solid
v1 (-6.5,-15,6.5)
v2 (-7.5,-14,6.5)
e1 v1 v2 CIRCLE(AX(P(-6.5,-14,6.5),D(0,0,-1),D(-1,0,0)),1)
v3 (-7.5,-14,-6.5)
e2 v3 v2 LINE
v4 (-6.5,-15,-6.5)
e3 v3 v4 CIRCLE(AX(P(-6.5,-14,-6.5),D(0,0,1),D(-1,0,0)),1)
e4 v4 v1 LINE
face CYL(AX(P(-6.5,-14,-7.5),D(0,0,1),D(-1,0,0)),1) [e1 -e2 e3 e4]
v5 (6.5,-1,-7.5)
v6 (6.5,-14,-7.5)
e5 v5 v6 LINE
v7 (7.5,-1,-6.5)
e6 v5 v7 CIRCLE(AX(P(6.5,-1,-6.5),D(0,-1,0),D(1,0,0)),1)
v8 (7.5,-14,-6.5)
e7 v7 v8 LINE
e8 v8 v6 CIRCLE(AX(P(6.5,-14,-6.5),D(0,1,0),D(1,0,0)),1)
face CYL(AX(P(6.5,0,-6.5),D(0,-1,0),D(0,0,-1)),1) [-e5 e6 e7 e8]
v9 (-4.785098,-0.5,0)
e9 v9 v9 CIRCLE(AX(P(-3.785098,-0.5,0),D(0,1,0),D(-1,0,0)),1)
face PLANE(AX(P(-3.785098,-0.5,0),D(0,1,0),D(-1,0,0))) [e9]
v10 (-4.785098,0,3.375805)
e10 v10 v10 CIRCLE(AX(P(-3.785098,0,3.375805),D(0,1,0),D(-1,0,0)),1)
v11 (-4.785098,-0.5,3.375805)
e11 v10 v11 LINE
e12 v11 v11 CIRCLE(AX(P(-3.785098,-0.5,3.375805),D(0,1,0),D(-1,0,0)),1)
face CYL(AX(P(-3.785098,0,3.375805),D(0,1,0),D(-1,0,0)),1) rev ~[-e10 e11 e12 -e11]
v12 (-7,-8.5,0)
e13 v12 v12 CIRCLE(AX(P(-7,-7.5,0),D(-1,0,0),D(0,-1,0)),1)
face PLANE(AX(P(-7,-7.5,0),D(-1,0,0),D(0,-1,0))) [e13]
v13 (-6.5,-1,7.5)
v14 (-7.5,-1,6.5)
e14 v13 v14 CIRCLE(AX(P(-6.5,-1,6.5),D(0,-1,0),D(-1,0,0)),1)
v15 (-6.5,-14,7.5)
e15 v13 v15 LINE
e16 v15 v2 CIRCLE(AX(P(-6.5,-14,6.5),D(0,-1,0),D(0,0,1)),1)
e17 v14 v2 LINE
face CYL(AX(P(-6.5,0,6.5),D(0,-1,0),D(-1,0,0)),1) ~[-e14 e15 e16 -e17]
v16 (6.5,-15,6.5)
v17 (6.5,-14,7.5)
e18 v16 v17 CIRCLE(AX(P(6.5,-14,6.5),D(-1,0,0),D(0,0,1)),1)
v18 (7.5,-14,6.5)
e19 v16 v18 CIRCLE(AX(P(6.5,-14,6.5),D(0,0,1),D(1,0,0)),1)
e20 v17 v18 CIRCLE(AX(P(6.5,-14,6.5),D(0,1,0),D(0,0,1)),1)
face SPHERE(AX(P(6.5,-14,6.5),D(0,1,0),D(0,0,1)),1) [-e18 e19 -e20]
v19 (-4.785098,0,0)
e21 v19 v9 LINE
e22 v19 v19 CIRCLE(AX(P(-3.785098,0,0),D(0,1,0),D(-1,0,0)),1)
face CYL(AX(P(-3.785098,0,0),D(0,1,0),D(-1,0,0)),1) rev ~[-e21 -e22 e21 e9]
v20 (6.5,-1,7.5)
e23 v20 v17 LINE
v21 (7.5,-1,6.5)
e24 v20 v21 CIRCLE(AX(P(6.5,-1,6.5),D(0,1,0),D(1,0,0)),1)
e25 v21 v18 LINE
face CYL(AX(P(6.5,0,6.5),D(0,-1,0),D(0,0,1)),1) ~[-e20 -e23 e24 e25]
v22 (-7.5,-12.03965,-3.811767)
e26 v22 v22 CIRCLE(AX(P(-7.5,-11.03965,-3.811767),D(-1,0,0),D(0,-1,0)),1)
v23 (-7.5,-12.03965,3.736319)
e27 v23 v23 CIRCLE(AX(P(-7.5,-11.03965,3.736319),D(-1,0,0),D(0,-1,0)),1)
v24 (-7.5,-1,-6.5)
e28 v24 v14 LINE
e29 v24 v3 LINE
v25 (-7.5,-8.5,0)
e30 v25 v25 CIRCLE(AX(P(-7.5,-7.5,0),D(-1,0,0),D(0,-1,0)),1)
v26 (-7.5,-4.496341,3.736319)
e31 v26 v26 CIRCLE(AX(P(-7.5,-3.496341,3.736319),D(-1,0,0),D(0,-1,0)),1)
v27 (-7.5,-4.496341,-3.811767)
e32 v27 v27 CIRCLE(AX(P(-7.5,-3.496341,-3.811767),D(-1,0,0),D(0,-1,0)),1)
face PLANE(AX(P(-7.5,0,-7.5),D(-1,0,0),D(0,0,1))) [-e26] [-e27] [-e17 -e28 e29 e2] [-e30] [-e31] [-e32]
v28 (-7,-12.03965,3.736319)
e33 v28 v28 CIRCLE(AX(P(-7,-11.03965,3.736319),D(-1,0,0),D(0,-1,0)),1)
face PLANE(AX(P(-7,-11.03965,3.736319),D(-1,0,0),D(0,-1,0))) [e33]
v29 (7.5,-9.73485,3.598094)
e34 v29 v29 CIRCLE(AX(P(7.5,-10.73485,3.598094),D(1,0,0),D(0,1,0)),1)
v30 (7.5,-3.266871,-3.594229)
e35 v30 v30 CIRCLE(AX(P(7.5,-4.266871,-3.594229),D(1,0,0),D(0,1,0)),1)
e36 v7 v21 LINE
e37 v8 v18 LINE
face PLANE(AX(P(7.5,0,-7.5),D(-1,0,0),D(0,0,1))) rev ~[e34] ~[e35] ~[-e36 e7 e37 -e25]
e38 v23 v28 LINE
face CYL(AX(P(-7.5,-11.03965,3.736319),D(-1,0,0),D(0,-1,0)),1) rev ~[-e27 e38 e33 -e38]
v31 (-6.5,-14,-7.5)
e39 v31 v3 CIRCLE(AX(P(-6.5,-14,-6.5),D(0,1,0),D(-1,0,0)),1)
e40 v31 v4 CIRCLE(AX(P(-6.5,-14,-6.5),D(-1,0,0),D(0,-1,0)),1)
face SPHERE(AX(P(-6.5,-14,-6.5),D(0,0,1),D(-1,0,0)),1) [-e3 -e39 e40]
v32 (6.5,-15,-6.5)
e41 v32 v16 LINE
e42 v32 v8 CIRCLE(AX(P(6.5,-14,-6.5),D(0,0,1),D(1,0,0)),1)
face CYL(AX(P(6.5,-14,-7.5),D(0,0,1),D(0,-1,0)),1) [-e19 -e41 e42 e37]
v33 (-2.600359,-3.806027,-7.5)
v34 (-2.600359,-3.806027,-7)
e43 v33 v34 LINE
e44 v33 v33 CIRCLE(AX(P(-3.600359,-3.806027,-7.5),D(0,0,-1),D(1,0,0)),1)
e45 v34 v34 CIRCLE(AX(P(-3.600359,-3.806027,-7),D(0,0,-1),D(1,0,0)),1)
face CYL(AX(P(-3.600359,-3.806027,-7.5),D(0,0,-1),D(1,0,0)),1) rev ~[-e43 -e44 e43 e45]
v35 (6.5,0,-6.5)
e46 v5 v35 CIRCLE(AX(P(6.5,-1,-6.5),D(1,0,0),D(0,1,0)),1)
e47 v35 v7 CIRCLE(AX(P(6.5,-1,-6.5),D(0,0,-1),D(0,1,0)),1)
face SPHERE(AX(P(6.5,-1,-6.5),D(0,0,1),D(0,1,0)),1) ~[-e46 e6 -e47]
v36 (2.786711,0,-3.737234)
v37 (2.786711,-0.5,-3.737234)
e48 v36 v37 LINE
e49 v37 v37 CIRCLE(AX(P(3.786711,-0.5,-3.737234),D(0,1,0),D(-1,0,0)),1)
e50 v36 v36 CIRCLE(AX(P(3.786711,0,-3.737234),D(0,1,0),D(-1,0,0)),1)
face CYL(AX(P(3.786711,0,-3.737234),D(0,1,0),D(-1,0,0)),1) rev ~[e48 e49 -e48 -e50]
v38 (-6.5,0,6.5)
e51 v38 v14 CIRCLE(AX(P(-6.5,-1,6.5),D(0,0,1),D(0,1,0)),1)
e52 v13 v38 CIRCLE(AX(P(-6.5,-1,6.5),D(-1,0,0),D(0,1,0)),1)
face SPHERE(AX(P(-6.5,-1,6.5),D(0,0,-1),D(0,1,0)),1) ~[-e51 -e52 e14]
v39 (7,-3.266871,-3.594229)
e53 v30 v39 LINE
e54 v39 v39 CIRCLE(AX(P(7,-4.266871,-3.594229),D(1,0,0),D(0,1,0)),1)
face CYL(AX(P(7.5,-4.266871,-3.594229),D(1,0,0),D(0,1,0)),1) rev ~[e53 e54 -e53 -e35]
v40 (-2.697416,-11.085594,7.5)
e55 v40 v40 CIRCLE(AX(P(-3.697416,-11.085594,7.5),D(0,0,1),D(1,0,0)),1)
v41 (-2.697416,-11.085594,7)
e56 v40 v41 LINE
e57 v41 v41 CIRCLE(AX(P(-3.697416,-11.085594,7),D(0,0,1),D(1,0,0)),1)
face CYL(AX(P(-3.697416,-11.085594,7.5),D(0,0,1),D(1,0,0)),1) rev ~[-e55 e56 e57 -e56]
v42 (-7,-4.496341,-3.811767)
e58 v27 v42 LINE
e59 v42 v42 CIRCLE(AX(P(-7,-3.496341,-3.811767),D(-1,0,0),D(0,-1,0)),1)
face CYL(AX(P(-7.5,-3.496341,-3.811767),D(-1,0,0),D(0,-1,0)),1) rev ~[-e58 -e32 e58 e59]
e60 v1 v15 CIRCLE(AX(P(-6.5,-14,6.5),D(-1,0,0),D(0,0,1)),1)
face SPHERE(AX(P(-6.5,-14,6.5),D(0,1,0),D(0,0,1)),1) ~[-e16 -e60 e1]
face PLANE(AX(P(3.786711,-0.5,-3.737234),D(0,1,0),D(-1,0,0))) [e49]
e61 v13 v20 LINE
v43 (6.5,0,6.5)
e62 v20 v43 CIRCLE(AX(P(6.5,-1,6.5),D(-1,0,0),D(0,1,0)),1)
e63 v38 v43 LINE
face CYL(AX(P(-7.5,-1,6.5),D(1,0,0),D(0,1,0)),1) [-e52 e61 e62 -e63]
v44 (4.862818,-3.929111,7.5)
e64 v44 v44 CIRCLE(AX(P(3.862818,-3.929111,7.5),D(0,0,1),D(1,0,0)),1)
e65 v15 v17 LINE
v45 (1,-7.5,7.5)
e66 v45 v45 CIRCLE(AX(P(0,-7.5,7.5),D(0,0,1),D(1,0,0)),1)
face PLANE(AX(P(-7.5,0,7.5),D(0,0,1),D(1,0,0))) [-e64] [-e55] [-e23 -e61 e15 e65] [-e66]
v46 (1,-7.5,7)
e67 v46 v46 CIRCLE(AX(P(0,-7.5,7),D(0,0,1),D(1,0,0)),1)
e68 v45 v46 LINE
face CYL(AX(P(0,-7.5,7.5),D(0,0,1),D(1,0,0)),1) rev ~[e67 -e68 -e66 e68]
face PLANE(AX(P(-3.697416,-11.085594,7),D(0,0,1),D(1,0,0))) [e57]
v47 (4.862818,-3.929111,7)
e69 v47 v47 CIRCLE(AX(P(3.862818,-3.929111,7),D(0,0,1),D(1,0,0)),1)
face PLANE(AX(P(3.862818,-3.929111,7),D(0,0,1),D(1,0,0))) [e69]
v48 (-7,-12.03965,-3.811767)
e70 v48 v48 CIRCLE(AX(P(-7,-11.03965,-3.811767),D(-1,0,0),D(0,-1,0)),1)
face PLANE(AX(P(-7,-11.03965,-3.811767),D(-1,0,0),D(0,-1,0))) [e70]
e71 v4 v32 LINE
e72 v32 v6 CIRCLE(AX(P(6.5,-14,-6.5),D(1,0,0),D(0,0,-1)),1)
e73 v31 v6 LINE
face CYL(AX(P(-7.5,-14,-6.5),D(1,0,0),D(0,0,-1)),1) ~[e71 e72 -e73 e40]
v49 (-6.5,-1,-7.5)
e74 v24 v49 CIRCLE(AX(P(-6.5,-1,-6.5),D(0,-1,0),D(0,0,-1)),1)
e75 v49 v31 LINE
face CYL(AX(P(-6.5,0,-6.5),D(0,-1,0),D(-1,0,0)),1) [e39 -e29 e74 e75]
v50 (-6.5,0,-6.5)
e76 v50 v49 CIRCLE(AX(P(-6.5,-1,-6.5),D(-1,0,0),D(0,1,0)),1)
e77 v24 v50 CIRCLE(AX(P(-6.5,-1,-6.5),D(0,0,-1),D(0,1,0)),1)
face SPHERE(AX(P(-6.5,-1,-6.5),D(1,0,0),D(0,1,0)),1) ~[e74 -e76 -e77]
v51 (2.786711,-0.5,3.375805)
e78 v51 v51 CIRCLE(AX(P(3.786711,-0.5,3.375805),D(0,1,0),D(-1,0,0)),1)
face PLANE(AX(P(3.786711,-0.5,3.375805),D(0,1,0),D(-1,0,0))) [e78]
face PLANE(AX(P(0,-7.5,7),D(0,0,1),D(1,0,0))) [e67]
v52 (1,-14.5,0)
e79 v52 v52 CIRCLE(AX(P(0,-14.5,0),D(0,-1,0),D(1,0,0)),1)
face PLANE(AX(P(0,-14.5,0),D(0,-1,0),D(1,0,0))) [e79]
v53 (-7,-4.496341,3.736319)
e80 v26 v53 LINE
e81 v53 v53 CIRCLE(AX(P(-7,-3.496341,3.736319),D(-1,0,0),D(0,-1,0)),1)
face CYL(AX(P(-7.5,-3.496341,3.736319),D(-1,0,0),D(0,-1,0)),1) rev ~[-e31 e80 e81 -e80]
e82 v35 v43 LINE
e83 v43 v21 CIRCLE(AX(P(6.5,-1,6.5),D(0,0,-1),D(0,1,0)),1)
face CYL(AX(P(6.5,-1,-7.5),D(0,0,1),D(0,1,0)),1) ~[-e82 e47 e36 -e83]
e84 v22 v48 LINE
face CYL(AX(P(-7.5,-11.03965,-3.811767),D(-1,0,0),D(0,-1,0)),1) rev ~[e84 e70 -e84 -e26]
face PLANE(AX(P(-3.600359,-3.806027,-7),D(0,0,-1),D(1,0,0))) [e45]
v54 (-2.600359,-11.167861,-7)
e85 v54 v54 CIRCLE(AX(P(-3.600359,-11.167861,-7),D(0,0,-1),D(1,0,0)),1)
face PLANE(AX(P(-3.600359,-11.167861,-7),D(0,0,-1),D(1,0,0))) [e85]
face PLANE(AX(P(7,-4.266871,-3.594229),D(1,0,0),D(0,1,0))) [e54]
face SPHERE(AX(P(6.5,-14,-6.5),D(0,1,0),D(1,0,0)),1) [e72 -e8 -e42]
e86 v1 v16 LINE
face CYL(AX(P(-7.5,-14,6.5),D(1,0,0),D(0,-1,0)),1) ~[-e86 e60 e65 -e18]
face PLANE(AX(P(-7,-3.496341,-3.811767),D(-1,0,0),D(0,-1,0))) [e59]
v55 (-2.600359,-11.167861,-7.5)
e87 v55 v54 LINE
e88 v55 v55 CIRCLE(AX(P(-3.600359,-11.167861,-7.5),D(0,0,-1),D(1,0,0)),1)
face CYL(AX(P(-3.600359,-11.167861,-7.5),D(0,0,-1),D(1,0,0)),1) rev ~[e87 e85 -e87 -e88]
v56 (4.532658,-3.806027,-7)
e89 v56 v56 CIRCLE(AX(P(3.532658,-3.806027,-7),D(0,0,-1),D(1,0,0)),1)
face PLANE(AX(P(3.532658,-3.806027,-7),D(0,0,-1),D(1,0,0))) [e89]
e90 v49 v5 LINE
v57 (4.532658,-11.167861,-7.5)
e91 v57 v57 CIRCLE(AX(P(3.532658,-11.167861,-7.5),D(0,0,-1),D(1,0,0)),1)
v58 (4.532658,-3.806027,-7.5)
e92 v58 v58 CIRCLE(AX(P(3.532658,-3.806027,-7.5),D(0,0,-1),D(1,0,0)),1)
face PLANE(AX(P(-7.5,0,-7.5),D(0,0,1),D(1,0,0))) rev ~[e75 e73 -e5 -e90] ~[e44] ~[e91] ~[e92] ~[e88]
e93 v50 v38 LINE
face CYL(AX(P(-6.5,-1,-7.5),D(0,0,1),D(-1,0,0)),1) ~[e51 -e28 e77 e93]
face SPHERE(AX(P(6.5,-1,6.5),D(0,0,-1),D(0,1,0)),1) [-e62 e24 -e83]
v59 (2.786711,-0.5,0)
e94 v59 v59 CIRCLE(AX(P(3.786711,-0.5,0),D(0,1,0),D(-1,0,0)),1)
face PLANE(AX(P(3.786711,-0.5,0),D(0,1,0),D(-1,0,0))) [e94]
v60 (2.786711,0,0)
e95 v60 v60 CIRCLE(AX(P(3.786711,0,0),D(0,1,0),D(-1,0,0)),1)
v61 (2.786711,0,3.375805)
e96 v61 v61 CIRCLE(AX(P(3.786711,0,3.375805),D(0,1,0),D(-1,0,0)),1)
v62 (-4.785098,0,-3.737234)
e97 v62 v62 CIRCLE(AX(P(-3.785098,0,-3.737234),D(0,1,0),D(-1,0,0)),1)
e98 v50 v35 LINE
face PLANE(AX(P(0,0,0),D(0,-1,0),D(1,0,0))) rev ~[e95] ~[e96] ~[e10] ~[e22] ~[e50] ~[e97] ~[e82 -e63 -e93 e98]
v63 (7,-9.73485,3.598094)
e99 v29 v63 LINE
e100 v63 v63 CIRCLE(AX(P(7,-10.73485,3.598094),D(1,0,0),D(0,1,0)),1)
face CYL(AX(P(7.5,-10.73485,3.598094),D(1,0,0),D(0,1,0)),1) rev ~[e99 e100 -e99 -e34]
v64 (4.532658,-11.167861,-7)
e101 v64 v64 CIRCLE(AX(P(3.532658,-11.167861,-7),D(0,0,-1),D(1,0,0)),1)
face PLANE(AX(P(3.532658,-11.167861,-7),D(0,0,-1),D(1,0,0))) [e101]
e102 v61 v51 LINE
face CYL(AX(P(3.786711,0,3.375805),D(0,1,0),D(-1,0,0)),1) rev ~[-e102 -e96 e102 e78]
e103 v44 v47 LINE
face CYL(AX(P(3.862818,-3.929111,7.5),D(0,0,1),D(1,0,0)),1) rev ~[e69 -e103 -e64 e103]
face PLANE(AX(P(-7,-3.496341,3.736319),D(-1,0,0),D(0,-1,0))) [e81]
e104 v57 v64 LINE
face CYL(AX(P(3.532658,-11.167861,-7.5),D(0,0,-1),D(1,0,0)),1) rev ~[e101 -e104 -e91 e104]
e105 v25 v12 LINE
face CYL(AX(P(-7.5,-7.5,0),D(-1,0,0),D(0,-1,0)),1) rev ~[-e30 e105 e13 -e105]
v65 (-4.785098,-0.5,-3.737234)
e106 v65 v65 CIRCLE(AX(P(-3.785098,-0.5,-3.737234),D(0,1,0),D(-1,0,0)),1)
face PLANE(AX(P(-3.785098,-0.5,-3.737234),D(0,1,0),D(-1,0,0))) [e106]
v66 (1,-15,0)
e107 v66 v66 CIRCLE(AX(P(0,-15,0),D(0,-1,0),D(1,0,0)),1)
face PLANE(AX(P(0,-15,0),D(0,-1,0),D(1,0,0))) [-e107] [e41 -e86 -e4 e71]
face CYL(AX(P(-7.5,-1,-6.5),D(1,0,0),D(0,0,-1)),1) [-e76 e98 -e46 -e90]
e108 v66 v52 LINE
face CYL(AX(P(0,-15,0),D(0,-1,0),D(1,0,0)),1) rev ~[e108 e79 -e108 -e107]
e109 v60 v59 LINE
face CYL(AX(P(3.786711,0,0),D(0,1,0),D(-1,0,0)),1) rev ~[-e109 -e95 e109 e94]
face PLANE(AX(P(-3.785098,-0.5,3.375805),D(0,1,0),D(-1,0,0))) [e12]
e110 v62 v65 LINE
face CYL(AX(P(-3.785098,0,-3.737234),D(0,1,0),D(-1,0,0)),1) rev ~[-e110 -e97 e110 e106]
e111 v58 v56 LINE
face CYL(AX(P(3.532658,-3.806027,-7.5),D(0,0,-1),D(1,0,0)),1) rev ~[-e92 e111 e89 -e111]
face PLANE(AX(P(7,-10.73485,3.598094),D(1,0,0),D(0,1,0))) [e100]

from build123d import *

# Parameters (mm, degrees)
F0_W      = 15
F0_H      = 15
F1_DEPTH  = 15
F2_R      = 1
F4_DEPTH  = 0.5
F5_R      = 1
F6_DEPTH  = 0.5
F7_R      = 1
F8_DEPTH  = 0.5
F9_R      = 1
F10_DEPTH = 0.5
F11_R     = 1
F12_DEPTH = 0.5
F13_R     = 1
F14_DEPTH = 0.5
F15_R     = 1


with BuildPart() as f1:
    # F0 (on Front) → F1 (new body)
    with BuildSketch(Plane.XZ):
        Rectangle(F0_W, F0_H)
    extrude(amount=F1_DEPTH)

    # F2 (on face) → F4 (cut)
    with BuildSketch(Plane.XZ.offset(15)):
        Circle(F2_R)
    extrude(amount=-F4_DEPTH, mode=Mode.SUBTRACT)

    # F5 (on face) → F6 (cut)
    with BuildSketch(Plane(origin=(0, 0, 0), x_dir=(-1, 0, 0), z_dir=(0, 1, 0))):
        with Locations((3.785098, -3.737234)):
            Circle(F5_R)
        with Locations((3.785098, 0)):
            Circle(F5_R)
        with Locations((3.785098, 3.375805)):
            Circle(F5_R)
        with Locations((-3.786711, -3.737234)):
            Circle(F5_R)
        with Locations((-3.786711, 0)):
            Circle(F5_R)
        with Locations((-3.786711, 3.375805)):
            Circle(F5_R)
    extrude(amount=-F6_DEPTH, mode=Mode.SUBTRACT)

    # F7 (on face) → F8 (cut)
    with BuildSketch(Plane(origin=(0, 0, -7.5), x_dir=(1, 0, 0), z_dir=(0, 0, -1))):
        with Locations((3.532658, 3.806027)):
            Circle(F7_R)
        with Locations((3.532658, 11.167861)):
            Circle(F7_R)
        with Locations((-3.600359, 3.806027)):
            Circle(F7_R)
        with Locations((-3.600359, 11.167861)):
            Circle(F7_R)
    extrude(amount=-F8_DEPTH, mode=Mode.SUBTRACT)

    # F9 (on face) → F10 (cut)
    with BuildSketch(Plane(origin=(-7.5, 0, 0), x_dir=(0, -1, 0), z_dir=(-1, 0, 0))):
        with Locations((7.5, 0)):
            Circle(F9_R)
        with Locations((3.496341, -3.811767)):
            Circle(F9_R)
        with Locations((11.03965, -3.811767)):
            Circle(F9_R)
        with Locations((11.03965, 3.736319)):
            Circle(F9_R)
        with Locations((3.496341, 3.736319)):
            Circle(F9_R)
    extrude(amount=-F10_DEPTH, mode=Mode.SUBTRACT)

    # F11 (on face) → F12 (cut)
    with BuildSketch(Plane.YZ.offset(7.5)):
        with Locations((-4.266871, -3.594229)):
            Circle(F11_R)
        with Locations((-10.73485, 3.598094)):
            Circle(F11_R)
    extrude(amount=-F12_DEPTH, mode=Mode.SUBTRACT)

    # F13 (on face) → F14 (cut)
    with BuildSketch(Plane.XY.offset(7.5)):
        with Locations((3.862818, -3.929111)):
            Circle(F13_R)
        with Locations((0, -7.5)):
            Circle(F13_R)
        with Locations((-3.697416, -11.085594)):
            Circle(F13_R)
    extrude(amount=-F14_DEPTH, mode=Mode.SUBTRACT)

    # F15
    f15_edges = [f1.edges().sort_by_distance(p)[0] for p in [
        (7.5, 0, 0),
        (0, 0, -7.5),
        (7.5, -7.5, -7.5),
        (-7.5, 0, 0),
        (0, 0, 7.5),
        (-7.5, -7.5, 7.5),
        (7.5, -7.5, 7.5),
        (0, -15, 7.5),
        (-7.5, -15, 0),
        (-7.5, -7.5, -7.5),
        (7.5, -15, 0),
        (0, -15, -7.5),
    ]]
    fillet(f15_edges, radius=F15_R)


solid = f1.part
